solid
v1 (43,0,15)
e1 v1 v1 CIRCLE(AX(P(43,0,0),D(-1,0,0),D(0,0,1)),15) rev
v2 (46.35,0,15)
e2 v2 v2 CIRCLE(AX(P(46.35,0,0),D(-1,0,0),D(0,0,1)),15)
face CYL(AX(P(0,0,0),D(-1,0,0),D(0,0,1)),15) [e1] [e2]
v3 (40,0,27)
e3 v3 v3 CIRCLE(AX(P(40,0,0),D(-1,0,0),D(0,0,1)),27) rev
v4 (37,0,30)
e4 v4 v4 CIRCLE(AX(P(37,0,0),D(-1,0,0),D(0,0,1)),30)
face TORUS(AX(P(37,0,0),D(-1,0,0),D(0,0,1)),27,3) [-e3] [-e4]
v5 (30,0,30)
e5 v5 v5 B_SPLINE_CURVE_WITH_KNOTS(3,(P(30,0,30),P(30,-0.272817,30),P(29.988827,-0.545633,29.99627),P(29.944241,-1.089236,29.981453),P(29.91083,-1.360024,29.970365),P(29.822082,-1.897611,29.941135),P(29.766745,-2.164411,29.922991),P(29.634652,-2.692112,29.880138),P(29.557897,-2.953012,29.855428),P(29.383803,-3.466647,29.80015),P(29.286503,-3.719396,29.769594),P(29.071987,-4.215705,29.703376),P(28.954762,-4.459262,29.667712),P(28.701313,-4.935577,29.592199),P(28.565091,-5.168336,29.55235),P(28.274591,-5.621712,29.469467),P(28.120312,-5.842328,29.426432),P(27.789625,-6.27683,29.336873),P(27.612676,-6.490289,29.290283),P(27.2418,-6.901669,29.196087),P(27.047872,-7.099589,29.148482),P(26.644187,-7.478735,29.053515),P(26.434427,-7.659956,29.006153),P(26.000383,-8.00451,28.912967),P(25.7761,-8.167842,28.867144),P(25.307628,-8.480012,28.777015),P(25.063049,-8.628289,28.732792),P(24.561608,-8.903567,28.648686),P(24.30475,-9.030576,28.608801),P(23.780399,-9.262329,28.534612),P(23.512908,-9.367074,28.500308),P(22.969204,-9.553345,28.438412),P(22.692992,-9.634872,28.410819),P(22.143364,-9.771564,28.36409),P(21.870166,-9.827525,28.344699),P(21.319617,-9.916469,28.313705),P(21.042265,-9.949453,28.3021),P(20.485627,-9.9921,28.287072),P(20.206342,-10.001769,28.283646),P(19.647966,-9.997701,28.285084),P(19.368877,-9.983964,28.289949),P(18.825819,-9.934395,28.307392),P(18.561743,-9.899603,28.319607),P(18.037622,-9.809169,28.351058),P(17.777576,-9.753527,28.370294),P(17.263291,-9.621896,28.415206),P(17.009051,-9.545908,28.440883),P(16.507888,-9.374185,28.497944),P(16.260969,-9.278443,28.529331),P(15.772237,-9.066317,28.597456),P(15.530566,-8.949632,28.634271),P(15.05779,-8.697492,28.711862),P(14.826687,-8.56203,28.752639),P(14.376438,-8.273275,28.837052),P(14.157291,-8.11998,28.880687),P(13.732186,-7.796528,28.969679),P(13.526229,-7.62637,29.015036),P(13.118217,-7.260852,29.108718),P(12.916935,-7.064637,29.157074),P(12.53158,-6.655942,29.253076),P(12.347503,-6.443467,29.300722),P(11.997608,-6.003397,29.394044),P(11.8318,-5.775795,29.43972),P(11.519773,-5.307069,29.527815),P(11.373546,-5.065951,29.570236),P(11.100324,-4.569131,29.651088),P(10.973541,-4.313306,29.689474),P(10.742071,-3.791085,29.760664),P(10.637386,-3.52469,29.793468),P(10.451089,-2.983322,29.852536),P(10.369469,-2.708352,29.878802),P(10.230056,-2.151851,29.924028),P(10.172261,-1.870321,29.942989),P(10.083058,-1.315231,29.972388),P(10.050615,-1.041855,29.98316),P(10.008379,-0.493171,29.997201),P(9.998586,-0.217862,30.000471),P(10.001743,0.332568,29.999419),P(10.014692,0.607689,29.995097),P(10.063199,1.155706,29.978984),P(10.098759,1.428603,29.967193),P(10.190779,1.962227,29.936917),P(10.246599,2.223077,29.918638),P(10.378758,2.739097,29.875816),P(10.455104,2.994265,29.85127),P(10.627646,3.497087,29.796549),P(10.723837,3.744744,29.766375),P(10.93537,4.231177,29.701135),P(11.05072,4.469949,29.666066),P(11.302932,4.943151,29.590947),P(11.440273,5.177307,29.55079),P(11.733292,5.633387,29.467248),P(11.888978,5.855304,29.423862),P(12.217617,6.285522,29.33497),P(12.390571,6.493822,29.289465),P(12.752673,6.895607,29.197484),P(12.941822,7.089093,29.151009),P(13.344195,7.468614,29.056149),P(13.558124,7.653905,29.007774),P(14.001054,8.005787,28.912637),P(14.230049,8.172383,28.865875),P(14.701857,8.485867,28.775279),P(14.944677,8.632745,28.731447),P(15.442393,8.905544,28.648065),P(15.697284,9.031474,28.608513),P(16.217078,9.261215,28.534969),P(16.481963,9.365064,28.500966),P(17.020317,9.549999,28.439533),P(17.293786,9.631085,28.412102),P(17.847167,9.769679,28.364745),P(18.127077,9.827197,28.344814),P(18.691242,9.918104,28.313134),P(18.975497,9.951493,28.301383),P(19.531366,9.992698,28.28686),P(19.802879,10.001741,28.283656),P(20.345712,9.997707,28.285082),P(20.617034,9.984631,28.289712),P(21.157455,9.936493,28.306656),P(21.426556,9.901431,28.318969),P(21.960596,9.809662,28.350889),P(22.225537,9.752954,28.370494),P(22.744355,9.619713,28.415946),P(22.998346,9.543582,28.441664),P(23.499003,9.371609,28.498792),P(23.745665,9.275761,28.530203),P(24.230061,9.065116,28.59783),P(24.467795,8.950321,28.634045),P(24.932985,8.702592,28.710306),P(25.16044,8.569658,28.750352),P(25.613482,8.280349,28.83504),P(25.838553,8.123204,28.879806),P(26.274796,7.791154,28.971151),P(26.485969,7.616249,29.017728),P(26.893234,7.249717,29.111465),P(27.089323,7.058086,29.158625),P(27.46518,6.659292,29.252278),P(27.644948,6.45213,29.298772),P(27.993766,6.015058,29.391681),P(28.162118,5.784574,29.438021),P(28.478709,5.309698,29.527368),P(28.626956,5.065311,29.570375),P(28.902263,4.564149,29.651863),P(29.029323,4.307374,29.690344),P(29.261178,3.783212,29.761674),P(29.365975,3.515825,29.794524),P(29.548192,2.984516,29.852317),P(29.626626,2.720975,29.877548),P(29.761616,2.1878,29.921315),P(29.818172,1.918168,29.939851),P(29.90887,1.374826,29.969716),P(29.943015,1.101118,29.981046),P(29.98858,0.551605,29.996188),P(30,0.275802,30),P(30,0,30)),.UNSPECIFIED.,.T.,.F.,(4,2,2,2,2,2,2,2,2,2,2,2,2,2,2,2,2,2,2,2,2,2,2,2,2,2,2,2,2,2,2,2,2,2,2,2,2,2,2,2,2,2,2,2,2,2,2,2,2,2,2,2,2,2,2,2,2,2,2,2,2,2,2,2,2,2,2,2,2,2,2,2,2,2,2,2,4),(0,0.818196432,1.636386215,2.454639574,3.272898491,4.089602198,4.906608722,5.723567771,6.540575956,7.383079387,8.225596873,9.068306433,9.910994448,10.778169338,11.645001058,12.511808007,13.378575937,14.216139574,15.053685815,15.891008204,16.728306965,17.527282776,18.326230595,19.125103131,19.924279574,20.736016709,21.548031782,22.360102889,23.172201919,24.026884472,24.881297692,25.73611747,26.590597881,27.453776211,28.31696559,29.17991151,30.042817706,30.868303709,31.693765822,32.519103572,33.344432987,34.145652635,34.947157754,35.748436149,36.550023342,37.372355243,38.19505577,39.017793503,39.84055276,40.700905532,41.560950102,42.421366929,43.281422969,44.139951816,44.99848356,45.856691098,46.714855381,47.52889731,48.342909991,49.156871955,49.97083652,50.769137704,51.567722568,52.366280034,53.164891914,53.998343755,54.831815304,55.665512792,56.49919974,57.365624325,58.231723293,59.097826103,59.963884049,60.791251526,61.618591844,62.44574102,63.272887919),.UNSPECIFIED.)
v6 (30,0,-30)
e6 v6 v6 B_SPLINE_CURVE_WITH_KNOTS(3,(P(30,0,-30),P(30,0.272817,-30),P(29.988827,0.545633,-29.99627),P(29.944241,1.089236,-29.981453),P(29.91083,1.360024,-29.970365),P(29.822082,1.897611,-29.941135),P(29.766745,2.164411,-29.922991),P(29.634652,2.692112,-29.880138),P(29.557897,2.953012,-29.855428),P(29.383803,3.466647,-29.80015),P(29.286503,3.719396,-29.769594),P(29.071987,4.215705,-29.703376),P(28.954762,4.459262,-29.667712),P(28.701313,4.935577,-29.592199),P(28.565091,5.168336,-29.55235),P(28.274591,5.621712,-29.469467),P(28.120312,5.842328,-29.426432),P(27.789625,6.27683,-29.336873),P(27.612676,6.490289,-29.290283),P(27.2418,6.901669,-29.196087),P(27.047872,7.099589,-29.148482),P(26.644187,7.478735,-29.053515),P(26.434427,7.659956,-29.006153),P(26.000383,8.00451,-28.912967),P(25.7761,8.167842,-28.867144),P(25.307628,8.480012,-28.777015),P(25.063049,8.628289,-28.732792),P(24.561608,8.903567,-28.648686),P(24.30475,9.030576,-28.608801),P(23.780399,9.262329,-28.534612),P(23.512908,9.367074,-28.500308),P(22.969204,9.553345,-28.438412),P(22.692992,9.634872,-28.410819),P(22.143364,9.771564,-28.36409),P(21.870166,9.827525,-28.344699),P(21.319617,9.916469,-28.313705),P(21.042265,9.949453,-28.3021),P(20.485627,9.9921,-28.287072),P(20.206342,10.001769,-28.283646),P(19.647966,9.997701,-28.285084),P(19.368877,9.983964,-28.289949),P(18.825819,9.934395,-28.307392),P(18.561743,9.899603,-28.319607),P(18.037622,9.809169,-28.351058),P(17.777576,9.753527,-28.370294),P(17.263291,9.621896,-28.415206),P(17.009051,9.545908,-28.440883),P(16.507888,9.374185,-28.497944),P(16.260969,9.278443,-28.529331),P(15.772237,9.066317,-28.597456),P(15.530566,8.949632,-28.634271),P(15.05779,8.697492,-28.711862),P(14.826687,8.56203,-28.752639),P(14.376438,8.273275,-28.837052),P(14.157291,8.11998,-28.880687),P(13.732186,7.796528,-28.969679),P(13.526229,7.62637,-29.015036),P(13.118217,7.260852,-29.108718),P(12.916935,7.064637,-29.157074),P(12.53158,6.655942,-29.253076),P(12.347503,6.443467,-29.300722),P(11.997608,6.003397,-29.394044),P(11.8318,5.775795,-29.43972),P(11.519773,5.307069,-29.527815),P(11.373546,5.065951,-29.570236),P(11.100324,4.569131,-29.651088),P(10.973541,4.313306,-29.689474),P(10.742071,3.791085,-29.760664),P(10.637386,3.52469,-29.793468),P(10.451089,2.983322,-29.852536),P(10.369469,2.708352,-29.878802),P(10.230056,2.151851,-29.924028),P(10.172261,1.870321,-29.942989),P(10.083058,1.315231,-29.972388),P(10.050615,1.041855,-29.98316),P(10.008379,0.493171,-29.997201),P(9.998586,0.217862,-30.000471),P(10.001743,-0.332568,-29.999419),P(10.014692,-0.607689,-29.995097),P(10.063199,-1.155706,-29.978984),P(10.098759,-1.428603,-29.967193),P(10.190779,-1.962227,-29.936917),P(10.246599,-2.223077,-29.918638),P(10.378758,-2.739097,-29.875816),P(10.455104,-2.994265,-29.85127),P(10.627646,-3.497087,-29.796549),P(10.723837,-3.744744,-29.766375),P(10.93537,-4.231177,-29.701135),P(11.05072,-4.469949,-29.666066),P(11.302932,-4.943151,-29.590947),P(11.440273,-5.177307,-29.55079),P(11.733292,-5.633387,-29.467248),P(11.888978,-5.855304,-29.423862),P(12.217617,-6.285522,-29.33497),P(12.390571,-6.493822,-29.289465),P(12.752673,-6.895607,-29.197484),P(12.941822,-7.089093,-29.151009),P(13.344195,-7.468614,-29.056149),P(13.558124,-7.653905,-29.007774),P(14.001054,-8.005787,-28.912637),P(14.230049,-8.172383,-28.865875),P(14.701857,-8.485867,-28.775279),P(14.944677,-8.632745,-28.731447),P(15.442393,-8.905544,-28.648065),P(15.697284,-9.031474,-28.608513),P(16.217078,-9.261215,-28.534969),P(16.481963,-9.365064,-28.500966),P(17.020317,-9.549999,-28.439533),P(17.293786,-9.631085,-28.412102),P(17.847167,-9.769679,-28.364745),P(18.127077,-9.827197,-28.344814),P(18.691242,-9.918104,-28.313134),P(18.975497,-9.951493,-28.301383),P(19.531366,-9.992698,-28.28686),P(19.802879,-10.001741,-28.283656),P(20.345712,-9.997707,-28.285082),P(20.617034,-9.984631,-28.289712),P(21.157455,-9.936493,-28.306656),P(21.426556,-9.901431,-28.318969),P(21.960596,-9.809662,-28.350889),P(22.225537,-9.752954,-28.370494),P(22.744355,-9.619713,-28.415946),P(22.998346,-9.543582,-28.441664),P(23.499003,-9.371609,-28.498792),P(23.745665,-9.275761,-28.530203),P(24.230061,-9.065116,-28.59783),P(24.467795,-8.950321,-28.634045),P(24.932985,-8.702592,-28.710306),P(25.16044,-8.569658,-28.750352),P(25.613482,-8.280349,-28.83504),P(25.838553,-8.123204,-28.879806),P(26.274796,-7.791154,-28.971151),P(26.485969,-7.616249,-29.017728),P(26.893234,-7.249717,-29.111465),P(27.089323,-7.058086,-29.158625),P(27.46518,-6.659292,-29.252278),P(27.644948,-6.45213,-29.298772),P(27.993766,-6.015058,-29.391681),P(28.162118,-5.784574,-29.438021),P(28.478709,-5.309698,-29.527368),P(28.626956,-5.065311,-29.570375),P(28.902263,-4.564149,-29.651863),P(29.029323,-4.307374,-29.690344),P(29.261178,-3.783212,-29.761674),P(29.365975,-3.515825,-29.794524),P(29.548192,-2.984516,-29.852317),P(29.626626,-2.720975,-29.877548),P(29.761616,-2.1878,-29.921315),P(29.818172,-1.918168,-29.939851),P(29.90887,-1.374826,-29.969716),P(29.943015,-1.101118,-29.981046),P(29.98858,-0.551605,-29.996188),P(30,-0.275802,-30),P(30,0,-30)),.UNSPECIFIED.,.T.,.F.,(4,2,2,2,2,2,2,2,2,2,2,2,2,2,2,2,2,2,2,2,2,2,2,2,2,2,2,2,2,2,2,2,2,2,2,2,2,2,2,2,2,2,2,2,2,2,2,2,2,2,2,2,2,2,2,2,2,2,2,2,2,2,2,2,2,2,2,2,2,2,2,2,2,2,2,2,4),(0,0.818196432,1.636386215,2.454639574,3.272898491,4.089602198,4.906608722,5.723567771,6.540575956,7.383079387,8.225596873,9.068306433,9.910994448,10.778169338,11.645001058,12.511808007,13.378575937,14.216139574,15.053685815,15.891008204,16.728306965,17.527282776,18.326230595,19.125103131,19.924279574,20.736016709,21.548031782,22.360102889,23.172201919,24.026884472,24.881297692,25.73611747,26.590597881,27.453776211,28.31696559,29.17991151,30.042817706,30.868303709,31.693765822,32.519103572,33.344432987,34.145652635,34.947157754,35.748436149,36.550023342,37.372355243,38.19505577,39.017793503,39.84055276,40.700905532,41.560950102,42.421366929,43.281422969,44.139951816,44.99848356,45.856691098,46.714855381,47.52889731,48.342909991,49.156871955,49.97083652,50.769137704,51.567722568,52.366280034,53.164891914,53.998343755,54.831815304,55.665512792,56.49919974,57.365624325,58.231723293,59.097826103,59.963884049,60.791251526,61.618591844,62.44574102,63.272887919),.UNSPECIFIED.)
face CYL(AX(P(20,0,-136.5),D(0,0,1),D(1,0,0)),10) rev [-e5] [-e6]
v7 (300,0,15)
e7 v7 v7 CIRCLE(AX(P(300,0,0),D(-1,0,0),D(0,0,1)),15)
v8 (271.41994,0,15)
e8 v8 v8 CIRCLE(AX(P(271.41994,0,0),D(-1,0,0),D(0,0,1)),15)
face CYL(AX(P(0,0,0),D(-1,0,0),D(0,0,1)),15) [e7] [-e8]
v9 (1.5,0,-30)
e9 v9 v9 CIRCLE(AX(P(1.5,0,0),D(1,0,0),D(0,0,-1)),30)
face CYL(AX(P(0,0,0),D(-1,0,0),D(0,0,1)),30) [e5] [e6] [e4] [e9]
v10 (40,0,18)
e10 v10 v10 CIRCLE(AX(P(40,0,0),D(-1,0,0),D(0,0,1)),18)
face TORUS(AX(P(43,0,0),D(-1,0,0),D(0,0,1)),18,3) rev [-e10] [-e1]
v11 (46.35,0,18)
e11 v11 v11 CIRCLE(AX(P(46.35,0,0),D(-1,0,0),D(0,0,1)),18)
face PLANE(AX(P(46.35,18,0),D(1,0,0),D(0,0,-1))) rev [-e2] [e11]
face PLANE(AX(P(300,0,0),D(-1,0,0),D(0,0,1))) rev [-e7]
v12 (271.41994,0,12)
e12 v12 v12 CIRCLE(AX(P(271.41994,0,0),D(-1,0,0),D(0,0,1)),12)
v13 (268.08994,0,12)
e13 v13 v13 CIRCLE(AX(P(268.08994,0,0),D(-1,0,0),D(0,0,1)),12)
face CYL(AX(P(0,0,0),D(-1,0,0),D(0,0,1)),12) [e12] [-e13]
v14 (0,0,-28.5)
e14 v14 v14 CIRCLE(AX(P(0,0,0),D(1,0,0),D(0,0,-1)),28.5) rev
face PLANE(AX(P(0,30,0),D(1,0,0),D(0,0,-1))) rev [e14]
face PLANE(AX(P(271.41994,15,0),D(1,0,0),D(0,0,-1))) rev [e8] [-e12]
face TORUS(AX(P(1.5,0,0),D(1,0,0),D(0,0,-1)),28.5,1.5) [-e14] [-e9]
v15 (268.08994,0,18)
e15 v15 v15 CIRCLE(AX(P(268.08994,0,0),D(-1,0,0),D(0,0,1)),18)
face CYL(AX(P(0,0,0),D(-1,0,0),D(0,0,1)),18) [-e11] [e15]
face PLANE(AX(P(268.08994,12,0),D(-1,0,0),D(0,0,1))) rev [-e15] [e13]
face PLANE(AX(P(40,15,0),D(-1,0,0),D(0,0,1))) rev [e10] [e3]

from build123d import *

# Parameters (mm, degrees)
FILLET1_R          = 1.5
SKETCH3_R          = 10
CUT_EXTRUDE1_DEPTH = 136.5
FILLET2_R          = 3
FILLET3_R          = 3


with BuildPart() as part:
    # Sketch1 → Revolve1 (revolve)
    with BuildSketch(Plane.XY, mode=Mode.PRIVATE) as revolve1_sk:
        Polygon((0, 0), (300, 0), (300, 15), (271.419940235, 15), (271.419940235, 12), (268.089940235, 12), (268.089940235, 18), (46.35, 18), (46.35, 15), (40, 15), (40, 30), (0, 30), align=None)
    revolve(revolve1_sk.sketch.rotate(Axis((0, 0, 0), (1, 0, 0)), 90), axis=Axis((0, 0, 0), (1, 0, 0)))

    # Fillet1
    fillet1_edges = [part.edges().sort_by_distance(p)[0] for p in [
        (0, 0, -30),
    ]]
    fillet(fillet1_edges, radius=FILLET1_R)

    # Sketch3 → Cut-Extrude1 (cut, symmetric)
    with BuildSketch(Plane.XY):
        with Locations((20, 0)):
            Circle(SKETCH3_R)
    extrude(amount=CUT_EXTRUDE1_DEPTH, both=True, mode=Mode.SUBTRACT)

    # Fillet2
    fillet2_edges = [part.edges().sort_by_distance(p)[0] for p in [
        (40, 0, -15),
    ]]
    fillet(fillet2_edges, radius=FILLET2_R)

    # Fillet3
    fillet3_edges = [part.edges().sort_by_distance(p)[0] for p in [
        (40, 0, -30),
    ]]
    fillet(fillet3_edges, radius=FILLET3_R)


solid = part.part
